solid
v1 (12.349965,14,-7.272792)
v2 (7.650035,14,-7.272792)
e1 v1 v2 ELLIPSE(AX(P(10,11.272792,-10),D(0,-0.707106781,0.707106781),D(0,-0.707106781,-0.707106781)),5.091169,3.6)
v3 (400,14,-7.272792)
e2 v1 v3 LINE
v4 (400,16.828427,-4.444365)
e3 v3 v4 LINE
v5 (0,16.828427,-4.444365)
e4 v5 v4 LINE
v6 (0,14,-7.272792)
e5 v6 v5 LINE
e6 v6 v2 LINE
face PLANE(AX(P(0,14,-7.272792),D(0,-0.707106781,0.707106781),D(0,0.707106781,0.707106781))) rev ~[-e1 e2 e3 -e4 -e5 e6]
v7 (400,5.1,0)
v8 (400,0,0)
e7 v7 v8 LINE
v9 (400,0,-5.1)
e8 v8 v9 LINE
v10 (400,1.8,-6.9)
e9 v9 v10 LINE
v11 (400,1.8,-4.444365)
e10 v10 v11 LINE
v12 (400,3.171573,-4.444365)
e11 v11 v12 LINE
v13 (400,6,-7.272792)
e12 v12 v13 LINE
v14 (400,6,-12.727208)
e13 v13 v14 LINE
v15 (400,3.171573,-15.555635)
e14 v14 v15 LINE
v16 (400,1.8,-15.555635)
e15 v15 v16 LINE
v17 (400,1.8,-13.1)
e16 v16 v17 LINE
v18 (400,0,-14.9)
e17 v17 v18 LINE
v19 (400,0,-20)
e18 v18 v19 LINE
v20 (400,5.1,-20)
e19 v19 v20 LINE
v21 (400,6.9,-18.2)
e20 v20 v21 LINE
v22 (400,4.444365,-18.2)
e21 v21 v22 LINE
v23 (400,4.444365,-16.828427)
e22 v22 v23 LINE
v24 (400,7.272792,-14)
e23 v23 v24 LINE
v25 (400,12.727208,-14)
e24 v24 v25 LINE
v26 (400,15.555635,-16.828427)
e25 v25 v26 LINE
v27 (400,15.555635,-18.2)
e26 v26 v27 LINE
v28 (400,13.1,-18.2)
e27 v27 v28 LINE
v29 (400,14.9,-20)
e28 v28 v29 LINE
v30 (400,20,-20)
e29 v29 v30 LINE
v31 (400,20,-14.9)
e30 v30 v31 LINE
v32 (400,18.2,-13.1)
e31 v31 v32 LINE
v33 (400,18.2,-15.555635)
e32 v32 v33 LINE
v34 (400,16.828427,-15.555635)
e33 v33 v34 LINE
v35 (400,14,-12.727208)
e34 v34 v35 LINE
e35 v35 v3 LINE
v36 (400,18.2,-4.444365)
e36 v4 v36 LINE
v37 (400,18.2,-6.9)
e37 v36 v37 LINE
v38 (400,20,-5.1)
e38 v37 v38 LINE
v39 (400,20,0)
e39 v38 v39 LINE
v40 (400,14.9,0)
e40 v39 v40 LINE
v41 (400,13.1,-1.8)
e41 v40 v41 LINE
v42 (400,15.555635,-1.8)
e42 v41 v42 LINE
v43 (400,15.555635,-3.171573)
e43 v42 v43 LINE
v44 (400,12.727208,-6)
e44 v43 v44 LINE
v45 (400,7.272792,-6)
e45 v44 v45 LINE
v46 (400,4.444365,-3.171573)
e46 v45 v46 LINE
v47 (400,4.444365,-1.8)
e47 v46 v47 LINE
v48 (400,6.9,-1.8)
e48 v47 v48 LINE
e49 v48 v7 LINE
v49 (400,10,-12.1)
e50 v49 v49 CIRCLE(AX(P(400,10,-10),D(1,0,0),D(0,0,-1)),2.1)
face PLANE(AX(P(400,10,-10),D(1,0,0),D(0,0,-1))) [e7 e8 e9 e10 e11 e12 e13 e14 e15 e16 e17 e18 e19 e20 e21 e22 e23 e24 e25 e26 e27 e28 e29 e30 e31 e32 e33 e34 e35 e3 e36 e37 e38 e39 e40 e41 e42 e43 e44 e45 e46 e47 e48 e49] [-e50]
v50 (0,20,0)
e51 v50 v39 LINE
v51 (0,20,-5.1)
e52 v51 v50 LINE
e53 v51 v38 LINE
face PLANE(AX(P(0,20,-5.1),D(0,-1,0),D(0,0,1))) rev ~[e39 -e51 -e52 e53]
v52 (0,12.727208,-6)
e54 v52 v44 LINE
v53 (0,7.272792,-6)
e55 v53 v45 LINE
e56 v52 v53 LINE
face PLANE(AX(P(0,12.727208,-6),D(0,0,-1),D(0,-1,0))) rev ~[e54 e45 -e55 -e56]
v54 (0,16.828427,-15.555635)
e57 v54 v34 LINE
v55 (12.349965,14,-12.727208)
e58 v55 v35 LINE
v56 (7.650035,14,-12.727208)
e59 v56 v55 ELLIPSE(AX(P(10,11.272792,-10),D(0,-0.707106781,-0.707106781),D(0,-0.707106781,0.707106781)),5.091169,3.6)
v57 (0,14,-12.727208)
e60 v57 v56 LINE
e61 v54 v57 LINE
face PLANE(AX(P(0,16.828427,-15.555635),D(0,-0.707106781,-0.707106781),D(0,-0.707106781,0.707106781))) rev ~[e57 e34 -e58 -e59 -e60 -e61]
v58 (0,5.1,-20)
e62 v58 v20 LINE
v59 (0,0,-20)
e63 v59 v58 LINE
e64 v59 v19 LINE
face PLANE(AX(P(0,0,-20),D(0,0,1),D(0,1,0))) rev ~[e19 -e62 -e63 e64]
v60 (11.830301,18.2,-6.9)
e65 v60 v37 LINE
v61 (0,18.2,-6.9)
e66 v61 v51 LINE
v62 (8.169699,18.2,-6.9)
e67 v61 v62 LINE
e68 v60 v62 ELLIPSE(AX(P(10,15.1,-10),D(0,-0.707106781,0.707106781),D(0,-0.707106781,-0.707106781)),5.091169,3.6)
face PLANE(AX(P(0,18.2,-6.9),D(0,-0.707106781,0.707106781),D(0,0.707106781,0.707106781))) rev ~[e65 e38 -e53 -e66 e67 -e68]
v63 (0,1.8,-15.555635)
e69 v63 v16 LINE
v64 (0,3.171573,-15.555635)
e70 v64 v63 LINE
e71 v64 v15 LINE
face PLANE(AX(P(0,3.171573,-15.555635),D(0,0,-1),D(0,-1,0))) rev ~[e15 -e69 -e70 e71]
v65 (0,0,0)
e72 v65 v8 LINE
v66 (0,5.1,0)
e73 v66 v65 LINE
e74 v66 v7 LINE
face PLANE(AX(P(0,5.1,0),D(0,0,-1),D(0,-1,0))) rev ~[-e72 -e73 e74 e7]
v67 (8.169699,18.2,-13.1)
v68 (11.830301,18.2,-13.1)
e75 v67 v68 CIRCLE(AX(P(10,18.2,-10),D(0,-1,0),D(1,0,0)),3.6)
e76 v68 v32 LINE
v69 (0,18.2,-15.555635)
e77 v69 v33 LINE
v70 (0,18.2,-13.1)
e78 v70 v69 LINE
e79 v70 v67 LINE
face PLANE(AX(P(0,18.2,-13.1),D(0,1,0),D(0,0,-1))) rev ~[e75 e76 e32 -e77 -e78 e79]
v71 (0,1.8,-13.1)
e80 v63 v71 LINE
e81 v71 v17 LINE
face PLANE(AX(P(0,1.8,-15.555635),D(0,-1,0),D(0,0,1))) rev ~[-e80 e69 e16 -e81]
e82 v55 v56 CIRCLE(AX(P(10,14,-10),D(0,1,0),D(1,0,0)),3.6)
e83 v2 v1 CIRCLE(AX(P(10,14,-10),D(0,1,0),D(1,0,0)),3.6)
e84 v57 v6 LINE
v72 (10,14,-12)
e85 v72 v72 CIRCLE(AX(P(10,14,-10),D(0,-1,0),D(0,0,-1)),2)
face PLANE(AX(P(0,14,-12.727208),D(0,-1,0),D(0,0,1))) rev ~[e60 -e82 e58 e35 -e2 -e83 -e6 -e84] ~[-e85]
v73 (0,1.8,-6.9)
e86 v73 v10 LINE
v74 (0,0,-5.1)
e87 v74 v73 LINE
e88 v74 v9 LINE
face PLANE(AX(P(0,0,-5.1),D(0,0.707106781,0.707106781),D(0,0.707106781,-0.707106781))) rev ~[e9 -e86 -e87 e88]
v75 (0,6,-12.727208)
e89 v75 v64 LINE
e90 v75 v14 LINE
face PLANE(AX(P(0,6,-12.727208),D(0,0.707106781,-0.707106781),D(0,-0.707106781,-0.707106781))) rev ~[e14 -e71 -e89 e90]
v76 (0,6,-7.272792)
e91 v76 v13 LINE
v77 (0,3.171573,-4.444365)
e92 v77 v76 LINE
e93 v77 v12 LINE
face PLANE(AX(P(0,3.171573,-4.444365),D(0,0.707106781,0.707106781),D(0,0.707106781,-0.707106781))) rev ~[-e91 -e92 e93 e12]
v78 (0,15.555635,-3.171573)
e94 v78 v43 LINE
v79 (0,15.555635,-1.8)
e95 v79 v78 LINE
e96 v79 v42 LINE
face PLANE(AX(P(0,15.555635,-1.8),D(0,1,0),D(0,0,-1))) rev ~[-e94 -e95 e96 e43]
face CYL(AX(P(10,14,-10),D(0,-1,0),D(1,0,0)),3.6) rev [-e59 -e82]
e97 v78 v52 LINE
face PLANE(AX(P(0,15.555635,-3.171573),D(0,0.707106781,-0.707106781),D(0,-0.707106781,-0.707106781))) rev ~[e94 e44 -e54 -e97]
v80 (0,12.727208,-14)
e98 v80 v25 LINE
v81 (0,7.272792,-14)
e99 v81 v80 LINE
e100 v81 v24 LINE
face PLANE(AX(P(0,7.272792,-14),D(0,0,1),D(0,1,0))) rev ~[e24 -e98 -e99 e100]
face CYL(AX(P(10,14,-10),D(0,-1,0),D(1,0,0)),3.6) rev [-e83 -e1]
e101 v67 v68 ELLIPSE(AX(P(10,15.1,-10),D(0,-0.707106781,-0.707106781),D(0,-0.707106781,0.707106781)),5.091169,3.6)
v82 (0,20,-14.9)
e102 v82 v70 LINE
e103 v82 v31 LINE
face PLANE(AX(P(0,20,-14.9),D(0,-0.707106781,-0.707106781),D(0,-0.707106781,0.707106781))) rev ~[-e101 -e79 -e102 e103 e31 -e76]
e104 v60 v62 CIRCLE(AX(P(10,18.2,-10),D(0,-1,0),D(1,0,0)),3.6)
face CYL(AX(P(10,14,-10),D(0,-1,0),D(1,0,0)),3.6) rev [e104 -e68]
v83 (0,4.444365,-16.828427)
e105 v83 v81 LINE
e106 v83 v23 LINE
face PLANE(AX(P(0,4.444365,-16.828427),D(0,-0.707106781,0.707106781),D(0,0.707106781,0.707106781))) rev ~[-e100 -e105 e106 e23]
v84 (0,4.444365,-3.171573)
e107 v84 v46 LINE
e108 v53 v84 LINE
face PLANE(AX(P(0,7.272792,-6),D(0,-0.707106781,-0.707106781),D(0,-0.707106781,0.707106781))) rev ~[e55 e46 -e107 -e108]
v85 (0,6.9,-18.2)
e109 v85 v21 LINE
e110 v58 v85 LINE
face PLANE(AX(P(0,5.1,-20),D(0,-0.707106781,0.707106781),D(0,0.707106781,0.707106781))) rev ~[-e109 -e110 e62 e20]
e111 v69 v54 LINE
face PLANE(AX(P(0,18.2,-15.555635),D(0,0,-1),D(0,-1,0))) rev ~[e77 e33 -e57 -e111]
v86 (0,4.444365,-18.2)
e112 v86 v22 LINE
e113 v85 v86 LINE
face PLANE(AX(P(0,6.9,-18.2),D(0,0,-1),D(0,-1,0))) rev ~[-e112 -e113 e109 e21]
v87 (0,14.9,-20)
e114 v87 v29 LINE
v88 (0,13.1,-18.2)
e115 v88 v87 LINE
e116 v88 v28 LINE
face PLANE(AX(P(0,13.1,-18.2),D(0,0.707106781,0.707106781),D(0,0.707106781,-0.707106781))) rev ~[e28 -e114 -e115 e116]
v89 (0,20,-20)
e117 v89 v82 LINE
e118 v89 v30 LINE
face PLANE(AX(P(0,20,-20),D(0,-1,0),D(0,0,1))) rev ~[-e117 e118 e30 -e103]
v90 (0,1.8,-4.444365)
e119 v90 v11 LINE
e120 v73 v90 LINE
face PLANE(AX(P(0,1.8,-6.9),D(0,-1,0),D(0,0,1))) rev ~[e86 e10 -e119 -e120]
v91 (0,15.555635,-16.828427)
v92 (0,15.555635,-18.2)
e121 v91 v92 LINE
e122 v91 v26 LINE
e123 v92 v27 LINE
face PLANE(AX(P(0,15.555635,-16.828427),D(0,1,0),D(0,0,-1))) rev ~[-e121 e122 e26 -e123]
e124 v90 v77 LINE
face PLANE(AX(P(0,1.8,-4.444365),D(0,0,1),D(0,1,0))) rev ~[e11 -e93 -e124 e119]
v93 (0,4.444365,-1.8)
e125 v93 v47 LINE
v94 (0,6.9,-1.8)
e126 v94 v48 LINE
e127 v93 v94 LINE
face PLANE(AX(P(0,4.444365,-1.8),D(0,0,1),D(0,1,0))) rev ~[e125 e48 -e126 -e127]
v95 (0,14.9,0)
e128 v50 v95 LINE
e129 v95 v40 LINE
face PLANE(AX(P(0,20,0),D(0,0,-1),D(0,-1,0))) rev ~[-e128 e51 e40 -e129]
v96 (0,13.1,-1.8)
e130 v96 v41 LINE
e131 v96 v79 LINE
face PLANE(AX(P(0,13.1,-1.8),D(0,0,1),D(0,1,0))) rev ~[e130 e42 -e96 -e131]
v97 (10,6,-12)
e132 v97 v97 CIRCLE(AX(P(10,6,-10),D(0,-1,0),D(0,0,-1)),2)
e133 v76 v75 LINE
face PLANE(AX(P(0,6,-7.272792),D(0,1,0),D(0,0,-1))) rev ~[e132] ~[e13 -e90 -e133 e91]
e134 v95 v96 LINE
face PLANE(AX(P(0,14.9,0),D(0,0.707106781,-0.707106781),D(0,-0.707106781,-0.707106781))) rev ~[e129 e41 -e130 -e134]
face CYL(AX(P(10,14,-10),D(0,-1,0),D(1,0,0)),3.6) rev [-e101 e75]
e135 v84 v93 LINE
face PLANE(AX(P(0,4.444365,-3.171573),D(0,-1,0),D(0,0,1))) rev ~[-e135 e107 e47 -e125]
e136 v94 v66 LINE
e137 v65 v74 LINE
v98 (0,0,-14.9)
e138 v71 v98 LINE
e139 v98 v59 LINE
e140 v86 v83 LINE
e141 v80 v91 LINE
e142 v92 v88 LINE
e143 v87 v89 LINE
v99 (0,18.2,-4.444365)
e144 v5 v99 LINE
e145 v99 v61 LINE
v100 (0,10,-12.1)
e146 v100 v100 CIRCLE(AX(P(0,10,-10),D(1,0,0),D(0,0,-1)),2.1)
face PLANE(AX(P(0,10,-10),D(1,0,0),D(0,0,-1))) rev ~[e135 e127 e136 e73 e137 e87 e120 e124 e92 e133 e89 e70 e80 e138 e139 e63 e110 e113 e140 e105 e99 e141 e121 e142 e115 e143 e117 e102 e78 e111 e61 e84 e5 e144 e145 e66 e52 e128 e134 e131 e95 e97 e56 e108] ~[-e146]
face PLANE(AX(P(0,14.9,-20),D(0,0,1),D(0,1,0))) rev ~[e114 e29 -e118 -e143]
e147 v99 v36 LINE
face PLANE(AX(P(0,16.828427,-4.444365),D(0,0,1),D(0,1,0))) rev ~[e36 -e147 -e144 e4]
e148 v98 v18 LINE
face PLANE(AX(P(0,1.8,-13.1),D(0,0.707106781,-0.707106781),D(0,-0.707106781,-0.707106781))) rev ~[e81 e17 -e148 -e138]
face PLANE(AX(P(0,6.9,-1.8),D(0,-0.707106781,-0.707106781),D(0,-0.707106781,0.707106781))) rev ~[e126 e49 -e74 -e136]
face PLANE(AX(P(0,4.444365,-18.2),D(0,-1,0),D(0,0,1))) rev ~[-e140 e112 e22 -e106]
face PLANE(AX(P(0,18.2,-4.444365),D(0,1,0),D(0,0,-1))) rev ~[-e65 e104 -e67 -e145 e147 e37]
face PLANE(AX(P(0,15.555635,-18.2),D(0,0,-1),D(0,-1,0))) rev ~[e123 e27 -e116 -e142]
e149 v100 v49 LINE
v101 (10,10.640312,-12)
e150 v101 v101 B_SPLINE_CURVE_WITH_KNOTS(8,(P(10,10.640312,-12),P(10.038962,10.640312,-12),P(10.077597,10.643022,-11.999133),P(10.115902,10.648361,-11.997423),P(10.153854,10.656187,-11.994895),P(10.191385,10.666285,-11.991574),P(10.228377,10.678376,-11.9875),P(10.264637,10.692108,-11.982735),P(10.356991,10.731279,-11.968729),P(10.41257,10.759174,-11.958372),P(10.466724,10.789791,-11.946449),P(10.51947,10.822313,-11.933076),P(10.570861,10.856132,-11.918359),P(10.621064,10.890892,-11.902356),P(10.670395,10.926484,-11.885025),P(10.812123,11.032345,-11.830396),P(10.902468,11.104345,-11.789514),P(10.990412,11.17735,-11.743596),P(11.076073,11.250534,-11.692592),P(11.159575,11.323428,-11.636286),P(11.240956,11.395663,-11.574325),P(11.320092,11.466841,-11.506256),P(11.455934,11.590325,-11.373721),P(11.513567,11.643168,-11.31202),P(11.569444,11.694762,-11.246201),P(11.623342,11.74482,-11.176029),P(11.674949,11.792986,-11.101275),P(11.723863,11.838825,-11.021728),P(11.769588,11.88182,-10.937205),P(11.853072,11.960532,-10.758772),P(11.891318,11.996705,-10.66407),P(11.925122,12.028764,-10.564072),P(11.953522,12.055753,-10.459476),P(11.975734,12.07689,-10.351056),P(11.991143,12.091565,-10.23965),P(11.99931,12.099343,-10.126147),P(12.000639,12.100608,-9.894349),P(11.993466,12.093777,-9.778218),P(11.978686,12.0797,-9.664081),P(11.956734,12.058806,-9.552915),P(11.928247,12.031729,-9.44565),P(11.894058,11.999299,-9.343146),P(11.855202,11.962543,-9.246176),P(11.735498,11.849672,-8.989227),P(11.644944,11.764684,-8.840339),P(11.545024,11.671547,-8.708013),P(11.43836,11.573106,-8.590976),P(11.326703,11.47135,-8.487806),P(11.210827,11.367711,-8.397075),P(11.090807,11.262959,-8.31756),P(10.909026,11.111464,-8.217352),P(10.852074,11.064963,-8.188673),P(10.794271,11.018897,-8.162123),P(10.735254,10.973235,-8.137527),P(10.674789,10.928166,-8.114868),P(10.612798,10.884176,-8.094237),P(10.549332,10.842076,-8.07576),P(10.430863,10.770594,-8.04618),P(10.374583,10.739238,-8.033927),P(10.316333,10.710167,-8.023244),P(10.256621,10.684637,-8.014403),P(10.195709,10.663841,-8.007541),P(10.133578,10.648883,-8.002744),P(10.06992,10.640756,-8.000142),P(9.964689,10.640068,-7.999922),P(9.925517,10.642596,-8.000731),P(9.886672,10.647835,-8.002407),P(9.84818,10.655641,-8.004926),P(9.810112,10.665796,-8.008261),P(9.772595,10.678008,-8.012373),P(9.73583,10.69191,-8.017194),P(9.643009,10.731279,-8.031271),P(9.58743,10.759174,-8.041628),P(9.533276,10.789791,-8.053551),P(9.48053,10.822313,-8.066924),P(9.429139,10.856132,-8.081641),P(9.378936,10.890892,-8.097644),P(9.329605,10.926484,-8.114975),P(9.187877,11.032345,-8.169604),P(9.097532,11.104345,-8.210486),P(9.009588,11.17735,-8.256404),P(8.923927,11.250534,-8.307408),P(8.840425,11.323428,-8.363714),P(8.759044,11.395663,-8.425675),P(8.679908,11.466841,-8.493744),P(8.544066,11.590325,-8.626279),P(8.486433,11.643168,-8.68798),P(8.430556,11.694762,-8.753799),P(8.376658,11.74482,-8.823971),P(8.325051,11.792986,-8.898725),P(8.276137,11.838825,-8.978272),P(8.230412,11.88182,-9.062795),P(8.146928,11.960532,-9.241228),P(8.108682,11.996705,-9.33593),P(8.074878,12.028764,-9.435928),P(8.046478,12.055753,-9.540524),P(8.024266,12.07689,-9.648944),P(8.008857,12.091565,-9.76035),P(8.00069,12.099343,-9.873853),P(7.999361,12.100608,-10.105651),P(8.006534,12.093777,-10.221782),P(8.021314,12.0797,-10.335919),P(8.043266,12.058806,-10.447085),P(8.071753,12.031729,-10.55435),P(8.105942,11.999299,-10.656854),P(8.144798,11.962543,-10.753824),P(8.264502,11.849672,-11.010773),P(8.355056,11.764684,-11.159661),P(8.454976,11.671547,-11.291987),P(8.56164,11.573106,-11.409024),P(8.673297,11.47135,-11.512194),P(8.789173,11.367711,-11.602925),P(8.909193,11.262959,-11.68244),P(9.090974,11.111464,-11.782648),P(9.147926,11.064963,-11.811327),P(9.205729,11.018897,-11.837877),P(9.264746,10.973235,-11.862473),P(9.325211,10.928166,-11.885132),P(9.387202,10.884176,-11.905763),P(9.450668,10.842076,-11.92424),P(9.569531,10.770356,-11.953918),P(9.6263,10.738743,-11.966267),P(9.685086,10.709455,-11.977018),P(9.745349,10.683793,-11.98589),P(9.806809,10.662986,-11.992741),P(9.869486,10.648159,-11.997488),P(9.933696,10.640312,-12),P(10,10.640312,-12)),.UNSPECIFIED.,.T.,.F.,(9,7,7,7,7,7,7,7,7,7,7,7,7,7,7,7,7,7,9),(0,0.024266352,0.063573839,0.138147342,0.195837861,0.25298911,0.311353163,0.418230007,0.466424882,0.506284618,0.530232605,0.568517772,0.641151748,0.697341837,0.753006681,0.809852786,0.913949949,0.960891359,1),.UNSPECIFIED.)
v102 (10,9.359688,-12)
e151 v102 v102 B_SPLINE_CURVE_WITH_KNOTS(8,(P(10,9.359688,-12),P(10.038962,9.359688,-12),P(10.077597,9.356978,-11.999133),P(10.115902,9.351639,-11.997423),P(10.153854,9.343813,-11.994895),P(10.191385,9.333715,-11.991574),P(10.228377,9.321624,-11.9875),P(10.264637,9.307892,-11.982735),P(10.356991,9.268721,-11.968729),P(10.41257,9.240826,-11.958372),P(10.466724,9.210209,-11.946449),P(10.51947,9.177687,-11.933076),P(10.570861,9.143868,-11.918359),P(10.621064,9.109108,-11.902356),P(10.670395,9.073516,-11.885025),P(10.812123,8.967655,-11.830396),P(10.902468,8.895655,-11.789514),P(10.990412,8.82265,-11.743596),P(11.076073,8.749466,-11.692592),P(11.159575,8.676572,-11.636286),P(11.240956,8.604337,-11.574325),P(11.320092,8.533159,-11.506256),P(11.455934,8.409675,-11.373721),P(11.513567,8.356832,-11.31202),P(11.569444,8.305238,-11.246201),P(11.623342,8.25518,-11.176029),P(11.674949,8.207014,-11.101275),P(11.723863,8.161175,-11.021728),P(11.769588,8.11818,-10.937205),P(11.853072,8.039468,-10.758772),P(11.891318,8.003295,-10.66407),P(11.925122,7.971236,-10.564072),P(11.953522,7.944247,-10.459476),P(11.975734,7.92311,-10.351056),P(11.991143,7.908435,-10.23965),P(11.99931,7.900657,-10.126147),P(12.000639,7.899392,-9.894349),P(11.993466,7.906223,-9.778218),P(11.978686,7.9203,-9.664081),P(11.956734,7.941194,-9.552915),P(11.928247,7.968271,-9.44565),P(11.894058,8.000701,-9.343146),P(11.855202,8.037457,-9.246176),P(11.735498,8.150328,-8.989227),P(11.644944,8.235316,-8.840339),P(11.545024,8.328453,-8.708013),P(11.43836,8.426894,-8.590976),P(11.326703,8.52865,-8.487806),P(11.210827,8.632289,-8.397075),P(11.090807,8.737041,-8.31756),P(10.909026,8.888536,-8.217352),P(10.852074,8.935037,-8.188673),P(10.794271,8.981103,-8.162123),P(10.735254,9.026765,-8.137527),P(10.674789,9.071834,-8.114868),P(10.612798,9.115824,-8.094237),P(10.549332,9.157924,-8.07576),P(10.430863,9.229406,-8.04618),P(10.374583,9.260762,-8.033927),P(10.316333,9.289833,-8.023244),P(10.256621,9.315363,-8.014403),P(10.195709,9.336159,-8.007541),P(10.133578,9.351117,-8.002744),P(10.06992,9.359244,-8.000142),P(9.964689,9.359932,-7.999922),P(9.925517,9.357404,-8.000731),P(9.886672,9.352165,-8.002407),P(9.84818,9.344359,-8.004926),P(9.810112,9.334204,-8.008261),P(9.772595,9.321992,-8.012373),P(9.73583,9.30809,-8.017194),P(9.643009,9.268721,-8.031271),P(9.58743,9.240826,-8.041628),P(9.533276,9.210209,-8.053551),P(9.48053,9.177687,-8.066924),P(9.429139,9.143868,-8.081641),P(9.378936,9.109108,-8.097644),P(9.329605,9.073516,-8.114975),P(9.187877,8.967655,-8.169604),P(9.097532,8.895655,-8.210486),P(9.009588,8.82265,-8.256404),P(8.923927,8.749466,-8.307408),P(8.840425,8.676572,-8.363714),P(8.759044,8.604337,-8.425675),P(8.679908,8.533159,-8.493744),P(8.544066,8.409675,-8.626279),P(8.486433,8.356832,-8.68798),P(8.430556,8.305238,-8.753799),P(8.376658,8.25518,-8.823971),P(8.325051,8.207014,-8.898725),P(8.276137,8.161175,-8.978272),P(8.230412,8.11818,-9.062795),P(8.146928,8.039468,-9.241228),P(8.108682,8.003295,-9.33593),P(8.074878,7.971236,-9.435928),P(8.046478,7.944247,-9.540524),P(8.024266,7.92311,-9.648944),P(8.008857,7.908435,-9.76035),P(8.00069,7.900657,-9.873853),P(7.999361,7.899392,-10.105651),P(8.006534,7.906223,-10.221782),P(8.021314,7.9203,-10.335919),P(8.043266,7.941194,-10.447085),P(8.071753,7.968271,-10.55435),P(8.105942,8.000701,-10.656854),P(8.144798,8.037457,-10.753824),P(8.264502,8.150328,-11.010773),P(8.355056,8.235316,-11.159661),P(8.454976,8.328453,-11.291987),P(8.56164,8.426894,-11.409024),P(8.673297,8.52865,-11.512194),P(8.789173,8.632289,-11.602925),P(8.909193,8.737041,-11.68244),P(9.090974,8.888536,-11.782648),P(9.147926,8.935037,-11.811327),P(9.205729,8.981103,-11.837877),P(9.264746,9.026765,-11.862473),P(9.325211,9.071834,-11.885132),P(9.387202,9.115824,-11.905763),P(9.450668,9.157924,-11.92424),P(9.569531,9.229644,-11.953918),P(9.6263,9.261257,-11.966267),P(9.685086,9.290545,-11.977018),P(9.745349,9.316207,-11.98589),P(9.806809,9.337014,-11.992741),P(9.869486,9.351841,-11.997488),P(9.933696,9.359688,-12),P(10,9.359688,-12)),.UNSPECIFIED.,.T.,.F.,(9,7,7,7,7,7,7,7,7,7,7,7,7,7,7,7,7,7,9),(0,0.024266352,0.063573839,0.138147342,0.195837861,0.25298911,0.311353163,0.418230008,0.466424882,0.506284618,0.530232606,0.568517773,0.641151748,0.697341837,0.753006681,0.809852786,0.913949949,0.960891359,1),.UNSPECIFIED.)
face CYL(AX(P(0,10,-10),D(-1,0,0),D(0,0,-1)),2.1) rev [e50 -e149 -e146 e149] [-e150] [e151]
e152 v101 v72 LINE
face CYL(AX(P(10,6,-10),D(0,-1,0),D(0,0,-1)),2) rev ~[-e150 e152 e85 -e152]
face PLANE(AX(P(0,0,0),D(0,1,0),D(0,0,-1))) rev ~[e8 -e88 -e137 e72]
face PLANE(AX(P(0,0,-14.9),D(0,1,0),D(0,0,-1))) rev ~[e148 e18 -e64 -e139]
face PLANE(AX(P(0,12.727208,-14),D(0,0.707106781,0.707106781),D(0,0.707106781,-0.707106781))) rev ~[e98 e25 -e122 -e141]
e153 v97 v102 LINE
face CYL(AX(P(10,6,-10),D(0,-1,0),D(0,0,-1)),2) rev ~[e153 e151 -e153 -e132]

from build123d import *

# Parameters (mm, degrees)
SKETCH1_R           = 2.1
BOSS_EXTRUDE1_DEPTH = 400
SKETCH2_R           = 2
CUT_EXTRUDE1_DEPTH  = 10
SKETCH3_R           = 3.6
CUT_EXTRUDE2_DEPTH  = 13


with BuildPart() as part:
    # Sketch1 → Boss-Extrude1 (new body)
    with BuildSketch(Plane(origin=(0, 0, 0), x_dir=(0, 0, -1), z_dir=(1, 0, 0))):
        Polygon((6, 12.727207794), (6, 7.272792206), (3.171572875, 4.444365081), (1.8, 4.444365081), (1.8, 6.9), (0, 5.1), (0, 0), (5.1, 0), (6.9, 1.8), (4.444365081, 1.8), (4.444365081, 3.171572875), (7.272792206, 6), (12.727207794, 6), (15.555634919, 3.171572875), (15.555634919, 1.8), (13.1, 1.8), (14.9, 0), (20, 0), (20, 5.1), (18.2, 6.9), (18.2, 4.444365081), (16.828427125, 4.444365081), (14, 7.272792206), (14, 12.727207794), (16.828427125, 15.555634919), (18.2, 15.555634919), (18.2, 13.1), (20, 14.9), (20, 20), (14.9, 20), (13.1, 18.2), (15.555634919, 18.2), (15.555634919, 16.828427125), (12.727207794, 14), (7.272792206, 14), (4.444365081, 16.828427125), (4.444365081, 18.2), (6.9, 18.2), (5.1, 20), (0, 20), (0, 14.9), (1.8, 13.1), (1.8, 15.555634919), (3.171572875, 15.555634919), align=None)
        with Locations((10, 10)):
            Circle(SKETCH1_R, mode=Mode.SUBTRACT)
    extrude(amount=BOSS_EXTRUDE1_DEPTH)

    # Sketch2 → Cut-Extrude1 (cut)
    with BuildSketch(Plane.XZ.offset(-6)):
        with Locations(Location((10, -10, 0), (0, 0, 270))):
            Circle(SKETCH2_R)
    extrude(amount=-CUT_EXTRUDE1_DEPTH, mode=Mode.SUBTRACT)

    # Sketch3 → Cut-Extrude2 (cut)
    with BuildSketch(Plane(origin=(0, 14, 0), x_dir=(1, 0, 0), z_dir=(0, 1, 0))):
        with Locations((10, 10)):
            Circle(SKETCH3_R)
    extrude(amount=CUT_EXTRUDE2_DEPTH, mode=Mode.SUBTRACT)


solid = part.part
